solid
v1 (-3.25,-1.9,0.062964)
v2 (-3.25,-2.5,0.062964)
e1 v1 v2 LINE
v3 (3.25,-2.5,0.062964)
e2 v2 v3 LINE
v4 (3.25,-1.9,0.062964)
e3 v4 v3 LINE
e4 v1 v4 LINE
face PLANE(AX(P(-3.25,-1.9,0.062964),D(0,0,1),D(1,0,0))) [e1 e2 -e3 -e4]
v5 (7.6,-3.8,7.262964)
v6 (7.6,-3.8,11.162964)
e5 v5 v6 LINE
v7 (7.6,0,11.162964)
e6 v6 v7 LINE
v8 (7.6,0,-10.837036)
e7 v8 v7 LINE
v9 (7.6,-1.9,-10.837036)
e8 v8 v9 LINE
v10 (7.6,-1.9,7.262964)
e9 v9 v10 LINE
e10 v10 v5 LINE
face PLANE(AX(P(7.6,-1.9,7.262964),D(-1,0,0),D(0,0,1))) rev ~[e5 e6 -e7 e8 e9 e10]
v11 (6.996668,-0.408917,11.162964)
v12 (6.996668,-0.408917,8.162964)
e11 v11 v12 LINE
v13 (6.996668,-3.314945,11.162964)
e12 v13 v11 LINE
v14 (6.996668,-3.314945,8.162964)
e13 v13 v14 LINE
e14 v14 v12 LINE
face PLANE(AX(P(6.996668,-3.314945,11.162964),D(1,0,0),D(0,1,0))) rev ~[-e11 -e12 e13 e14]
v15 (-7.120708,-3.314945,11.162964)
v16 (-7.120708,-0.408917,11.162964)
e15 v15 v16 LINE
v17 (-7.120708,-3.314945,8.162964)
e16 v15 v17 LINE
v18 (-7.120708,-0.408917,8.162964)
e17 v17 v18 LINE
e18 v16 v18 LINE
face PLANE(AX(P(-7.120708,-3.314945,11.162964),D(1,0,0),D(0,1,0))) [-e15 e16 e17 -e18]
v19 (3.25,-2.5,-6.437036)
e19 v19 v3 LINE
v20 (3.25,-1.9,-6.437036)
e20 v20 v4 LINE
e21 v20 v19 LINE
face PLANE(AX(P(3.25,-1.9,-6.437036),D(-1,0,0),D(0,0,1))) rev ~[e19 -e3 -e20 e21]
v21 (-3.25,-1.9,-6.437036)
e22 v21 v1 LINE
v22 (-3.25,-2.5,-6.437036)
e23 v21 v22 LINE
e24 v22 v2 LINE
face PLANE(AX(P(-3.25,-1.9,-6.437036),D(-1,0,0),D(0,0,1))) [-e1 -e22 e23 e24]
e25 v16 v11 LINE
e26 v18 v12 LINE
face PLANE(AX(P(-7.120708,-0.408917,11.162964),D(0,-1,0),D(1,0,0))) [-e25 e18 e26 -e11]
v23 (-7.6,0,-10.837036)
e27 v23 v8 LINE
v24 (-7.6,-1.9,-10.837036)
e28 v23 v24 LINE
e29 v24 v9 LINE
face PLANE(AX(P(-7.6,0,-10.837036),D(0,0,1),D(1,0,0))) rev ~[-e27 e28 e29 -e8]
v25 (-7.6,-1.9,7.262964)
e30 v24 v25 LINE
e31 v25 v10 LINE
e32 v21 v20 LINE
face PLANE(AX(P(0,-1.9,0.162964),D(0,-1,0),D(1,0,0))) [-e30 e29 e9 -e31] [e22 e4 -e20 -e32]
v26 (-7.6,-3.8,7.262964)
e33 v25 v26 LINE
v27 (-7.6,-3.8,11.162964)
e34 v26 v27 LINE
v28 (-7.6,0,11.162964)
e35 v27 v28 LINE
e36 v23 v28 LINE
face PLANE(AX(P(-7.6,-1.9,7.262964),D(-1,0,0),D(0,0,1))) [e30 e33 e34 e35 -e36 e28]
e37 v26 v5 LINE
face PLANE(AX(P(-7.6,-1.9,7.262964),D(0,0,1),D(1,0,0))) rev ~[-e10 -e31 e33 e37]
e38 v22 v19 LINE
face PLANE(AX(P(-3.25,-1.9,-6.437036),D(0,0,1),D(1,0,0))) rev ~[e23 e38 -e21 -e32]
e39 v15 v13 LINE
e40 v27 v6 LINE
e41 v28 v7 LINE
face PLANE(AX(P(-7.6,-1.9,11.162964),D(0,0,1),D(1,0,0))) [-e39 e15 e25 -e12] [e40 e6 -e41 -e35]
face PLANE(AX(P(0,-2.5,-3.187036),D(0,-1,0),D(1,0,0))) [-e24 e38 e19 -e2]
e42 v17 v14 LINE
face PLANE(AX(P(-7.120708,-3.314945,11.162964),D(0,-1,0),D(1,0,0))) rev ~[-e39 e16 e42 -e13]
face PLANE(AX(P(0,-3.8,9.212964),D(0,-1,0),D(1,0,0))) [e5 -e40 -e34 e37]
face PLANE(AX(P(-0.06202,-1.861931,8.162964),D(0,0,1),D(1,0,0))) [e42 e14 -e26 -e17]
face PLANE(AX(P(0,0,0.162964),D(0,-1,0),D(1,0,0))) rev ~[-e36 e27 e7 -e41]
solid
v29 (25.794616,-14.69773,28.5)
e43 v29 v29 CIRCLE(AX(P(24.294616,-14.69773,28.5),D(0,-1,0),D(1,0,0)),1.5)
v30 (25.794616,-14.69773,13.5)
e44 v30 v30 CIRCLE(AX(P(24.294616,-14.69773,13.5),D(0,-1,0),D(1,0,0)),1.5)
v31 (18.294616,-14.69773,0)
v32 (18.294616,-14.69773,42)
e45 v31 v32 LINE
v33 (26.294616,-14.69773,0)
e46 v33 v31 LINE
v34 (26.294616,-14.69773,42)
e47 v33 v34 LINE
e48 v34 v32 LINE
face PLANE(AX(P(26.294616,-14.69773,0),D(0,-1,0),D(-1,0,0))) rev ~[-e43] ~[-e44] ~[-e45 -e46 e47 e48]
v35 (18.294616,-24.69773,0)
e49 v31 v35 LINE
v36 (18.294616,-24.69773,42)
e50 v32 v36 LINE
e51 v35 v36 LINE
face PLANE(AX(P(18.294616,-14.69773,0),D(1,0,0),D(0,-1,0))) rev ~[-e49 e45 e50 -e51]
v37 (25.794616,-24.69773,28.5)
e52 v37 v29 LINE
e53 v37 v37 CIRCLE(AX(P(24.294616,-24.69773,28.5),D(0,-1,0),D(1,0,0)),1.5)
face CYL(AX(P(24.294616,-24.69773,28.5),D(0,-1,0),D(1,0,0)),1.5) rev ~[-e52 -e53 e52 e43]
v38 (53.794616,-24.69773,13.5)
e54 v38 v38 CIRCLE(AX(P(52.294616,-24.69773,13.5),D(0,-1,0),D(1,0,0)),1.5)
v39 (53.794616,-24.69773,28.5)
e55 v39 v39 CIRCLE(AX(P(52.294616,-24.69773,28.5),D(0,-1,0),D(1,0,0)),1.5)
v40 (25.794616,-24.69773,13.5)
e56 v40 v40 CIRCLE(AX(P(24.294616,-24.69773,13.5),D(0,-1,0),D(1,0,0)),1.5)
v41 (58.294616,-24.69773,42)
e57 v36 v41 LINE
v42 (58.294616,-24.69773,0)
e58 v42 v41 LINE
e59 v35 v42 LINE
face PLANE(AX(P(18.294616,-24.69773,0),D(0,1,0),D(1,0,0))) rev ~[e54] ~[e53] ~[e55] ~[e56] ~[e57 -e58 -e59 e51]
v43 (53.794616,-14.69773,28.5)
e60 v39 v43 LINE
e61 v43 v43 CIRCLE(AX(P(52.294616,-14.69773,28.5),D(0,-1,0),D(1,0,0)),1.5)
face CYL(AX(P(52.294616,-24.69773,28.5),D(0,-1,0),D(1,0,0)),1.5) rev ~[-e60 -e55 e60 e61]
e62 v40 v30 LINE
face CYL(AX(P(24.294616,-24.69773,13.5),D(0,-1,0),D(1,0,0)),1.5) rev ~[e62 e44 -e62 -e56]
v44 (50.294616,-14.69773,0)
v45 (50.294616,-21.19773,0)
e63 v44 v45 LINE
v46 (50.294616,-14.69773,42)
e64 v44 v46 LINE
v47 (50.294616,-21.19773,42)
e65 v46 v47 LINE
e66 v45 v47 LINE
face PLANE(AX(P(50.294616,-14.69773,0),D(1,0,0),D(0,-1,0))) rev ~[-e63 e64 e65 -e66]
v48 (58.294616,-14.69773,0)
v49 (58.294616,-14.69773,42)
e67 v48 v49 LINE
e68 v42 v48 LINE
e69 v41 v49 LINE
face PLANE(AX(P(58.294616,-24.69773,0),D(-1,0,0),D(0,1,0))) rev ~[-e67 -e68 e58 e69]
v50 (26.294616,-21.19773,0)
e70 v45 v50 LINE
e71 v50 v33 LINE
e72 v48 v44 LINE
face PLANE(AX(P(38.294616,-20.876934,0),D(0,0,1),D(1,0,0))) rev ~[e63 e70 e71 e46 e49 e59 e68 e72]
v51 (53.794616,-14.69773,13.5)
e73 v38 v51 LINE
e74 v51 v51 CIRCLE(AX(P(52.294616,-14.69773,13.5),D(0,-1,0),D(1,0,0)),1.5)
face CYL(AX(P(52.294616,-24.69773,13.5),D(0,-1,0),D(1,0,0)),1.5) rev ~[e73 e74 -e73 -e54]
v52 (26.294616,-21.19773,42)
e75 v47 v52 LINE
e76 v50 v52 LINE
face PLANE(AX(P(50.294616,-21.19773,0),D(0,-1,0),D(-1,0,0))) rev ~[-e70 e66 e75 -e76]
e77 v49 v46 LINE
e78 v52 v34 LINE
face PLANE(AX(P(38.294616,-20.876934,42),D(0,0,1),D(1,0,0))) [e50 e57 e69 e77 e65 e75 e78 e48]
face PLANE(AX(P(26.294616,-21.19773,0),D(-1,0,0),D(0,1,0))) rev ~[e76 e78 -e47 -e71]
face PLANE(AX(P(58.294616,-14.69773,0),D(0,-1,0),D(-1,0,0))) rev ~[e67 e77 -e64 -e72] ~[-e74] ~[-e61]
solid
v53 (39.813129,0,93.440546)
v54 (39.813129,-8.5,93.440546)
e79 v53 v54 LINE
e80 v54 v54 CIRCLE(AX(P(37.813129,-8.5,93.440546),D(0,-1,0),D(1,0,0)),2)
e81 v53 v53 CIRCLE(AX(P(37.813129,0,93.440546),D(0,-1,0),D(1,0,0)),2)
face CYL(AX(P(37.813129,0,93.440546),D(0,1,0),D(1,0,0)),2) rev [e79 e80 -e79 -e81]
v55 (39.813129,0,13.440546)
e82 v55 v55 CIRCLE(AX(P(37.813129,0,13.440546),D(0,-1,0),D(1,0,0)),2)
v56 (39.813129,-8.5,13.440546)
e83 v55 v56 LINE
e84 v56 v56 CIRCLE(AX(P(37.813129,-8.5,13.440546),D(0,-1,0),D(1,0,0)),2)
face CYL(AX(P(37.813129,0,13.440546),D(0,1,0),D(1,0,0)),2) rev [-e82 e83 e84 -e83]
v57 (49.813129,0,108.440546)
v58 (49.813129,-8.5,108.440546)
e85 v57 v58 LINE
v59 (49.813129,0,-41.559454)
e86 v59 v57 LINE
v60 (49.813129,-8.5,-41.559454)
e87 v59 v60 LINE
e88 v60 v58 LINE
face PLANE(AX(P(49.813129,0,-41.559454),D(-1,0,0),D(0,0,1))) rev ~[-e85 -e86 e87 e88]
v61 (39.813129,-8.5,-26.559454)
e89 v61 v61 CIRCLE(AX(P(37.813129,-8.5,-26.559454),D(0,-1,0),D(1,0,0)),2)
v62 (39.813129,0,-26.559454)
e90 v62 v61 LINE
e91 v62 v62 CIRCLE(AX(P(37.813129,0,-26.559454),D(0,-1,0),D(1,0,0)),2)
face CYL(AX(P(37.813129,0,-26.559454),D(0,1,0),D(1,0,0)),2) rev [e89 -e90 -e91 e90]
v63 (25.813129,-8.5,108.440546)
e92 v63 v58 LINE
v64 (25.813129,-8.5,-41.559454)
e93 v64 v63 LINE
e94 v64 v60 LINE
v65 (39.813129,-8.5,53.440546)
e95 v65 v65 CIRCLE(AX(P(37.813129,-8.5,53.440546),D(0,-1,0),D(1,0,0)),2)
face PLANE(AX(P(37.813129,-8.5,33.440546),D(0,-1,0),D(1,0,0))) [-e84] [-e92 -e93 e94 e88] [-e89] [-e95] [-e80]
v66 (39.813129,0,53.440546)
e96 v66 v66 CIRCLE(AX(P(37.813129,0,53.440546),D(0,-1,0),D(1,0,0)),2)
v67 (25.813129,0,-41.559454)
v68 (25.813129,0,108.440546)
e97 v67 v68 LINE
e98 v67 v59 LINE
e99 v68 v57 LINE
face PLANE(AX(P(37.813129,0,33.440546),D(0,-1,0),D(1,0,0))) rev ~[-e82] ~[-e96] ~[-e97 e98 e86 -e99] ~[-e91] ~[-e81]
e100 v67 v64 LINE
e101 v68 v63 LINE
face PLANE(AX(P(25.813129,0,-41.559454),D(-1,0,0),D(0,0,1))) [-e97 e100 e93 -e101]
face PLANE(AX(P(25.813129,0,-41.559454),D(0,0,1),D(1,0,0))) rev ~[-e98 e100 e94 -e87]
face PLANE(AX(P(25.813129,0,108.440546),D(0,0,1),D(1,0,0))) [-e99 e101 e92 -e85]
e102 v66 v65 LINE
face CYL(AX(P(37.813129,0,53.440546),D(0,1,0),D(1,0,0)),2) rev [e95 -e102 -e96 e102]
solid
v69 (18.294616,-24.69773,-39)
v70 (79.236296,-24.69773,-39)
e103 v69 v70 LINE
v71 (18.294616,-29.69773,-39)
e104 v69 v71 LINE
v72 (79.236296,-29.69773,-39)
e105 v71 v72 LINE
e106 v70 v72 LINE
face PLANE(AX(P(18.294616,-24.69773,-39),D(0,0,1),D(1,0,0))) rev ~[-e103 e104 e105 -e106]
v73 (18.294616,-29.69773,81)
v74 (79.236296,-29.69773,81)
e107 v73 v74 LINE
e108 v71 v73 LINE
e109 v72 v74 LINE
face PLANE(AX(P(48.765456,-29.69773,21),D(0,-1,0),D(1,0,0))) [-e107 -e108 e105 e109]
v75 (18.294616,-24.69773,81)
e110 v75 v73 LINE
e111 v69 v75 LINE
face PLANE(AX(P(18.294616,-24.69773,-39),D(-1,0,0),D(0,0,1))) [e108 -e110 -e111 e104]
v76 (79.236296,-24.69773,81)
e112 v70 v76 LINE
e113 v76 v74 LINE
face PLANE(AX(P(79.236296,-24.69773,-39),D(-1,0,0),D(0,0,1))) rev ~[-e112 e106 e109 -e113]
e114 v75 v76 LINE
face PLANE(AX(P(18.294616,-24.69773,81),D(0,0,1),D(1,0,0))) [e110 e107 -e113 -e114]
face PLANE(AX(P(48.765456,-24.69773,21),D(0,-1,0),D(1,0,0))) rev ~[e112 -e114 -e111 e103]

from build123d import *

# Parameters (mm, degrees)
F0_W      = 15.2
F0_H      = 22
F1_DEPTH  = 1.9
F2_W      = 15.2
F2_H      = 3.9
F3_DEPTH  = 1.9
F4_W      = 6.5
F4_H      = 6.5
F5_DEPTH  = 0.6
F6_W      = 14.117376
F6_H      = 2.906029
F7_DEPTH  = 3
F8_W      = 24
F8_H      = 150
F8_R      = 2
F9_DEPTH  = 8.5
F11_DEPTH = 42
F12_R     = 1.5
F13_DEPTH = 25
F14_W     = 60.94168
F14_H     = 120
F15_DEPTH = 5


with BuildPart() as f1:
    # F0 (on Front) → F1 (new body)
    with BuildSketch(Plane.XZ):
        with Locations((0, 0.162964)):
            Rectangle(F0_W, F0_H)
    extrude(amount=F1_DEPTH)

    # F2 (on face) → F3 (join)
    with BuildSketch(Plane.XZ.offset(1.9)):
        with Locations((0, 9.212964)):
            Rectangle(F2_W, F2_H)
    extrude(amount=F3_DEPTH)

    # F4 (on face) → F5 (join)
    with BuildSketch(Plane.XZ.offset(1.9)):
        with Locations((0, -3.187036)):
            Rectangle(F4_W, F4_H)
    extrude(amount=F5_DEPTH)

    # F6 (on face) → F7 (cut)
    with BuildSketch(Plane.XY.offset(11.162964)):
        with Locations((-0.06202, -1.861931)):
            Rectangle(F6_W, F6_H)
    extrude(amount=-F7_DEPTH, mode=Mode.SUBTRACT)


with BuildPart() as f9:
    # F8 (on Front) → F9 (new body)
    with BuildSketch(Plane.XZ):
        with Locations((37.813129, 33.440546)):
            Rectangle(F8_W, F8_H)
        with Locations((37.813129, -26.559454)):
            Circle(F8_R, mode=Mode.SUBTRACT)
        with Locations((37.813129, 13.440546)):
            Circle(F8_R, mode=Mode.SUBTRACT)
        with Locations((37.813129, 93.440546)):
            Circle(F8_R, mode=Mode.SUBTRACT)
        with Locations((37.813129, 53.440546)):
            Circle(F8_R, mode=Mode.SUBTRACT)
    extrude(amount=F9_DEPTH)


with BuildPart() as f11:
    # F10 (on Top) → F11 (new body)
    with BuildSketch(Plane.XY):
        Polygon((50.294616, -21.19773), (38.294616, -21.19773), (26.294616, -21.19773), (26.294616, -14.69773), (18.294616, -14.69773), (18.294616, -24.69773), (38.294616, -24.69773), (58.294616, -24.69773), (58.294616, -14.69773), (50.294616, -14.69773), align=None)
    extrude(amount=F11_DEPTH)

    # F12 (on face) → F13 (cut)
    with BuildSketch(Plane.XZ.offset(24.69773)):
        with Locations((24.294616, 28.5)):
            Circle(F12_R)
        with Locations((52.294616, 28.5)):
            Circle(F12_R)
        with Locations((52.294616, 13.5)):
            Circle(F12_R)
        with Locations((24.294616, 13.5)):
            Circle(F12_R)
    extrude(amount=-F13_DEPTH, mode=Mode.SUBTRACT)


with BuildPart() as f15:
    # F14 (on face) → F15 (new body)
    with BuildSketch(Plane.XZ.offset(24.69773)):
        with Locations((48.765456, 21)):
            Rectangle(F14_W, F14_H)
    extrude(amount=F15_DEPTH)


solid = Compound([f1.part, f9.part, f11.part, f15.part])
